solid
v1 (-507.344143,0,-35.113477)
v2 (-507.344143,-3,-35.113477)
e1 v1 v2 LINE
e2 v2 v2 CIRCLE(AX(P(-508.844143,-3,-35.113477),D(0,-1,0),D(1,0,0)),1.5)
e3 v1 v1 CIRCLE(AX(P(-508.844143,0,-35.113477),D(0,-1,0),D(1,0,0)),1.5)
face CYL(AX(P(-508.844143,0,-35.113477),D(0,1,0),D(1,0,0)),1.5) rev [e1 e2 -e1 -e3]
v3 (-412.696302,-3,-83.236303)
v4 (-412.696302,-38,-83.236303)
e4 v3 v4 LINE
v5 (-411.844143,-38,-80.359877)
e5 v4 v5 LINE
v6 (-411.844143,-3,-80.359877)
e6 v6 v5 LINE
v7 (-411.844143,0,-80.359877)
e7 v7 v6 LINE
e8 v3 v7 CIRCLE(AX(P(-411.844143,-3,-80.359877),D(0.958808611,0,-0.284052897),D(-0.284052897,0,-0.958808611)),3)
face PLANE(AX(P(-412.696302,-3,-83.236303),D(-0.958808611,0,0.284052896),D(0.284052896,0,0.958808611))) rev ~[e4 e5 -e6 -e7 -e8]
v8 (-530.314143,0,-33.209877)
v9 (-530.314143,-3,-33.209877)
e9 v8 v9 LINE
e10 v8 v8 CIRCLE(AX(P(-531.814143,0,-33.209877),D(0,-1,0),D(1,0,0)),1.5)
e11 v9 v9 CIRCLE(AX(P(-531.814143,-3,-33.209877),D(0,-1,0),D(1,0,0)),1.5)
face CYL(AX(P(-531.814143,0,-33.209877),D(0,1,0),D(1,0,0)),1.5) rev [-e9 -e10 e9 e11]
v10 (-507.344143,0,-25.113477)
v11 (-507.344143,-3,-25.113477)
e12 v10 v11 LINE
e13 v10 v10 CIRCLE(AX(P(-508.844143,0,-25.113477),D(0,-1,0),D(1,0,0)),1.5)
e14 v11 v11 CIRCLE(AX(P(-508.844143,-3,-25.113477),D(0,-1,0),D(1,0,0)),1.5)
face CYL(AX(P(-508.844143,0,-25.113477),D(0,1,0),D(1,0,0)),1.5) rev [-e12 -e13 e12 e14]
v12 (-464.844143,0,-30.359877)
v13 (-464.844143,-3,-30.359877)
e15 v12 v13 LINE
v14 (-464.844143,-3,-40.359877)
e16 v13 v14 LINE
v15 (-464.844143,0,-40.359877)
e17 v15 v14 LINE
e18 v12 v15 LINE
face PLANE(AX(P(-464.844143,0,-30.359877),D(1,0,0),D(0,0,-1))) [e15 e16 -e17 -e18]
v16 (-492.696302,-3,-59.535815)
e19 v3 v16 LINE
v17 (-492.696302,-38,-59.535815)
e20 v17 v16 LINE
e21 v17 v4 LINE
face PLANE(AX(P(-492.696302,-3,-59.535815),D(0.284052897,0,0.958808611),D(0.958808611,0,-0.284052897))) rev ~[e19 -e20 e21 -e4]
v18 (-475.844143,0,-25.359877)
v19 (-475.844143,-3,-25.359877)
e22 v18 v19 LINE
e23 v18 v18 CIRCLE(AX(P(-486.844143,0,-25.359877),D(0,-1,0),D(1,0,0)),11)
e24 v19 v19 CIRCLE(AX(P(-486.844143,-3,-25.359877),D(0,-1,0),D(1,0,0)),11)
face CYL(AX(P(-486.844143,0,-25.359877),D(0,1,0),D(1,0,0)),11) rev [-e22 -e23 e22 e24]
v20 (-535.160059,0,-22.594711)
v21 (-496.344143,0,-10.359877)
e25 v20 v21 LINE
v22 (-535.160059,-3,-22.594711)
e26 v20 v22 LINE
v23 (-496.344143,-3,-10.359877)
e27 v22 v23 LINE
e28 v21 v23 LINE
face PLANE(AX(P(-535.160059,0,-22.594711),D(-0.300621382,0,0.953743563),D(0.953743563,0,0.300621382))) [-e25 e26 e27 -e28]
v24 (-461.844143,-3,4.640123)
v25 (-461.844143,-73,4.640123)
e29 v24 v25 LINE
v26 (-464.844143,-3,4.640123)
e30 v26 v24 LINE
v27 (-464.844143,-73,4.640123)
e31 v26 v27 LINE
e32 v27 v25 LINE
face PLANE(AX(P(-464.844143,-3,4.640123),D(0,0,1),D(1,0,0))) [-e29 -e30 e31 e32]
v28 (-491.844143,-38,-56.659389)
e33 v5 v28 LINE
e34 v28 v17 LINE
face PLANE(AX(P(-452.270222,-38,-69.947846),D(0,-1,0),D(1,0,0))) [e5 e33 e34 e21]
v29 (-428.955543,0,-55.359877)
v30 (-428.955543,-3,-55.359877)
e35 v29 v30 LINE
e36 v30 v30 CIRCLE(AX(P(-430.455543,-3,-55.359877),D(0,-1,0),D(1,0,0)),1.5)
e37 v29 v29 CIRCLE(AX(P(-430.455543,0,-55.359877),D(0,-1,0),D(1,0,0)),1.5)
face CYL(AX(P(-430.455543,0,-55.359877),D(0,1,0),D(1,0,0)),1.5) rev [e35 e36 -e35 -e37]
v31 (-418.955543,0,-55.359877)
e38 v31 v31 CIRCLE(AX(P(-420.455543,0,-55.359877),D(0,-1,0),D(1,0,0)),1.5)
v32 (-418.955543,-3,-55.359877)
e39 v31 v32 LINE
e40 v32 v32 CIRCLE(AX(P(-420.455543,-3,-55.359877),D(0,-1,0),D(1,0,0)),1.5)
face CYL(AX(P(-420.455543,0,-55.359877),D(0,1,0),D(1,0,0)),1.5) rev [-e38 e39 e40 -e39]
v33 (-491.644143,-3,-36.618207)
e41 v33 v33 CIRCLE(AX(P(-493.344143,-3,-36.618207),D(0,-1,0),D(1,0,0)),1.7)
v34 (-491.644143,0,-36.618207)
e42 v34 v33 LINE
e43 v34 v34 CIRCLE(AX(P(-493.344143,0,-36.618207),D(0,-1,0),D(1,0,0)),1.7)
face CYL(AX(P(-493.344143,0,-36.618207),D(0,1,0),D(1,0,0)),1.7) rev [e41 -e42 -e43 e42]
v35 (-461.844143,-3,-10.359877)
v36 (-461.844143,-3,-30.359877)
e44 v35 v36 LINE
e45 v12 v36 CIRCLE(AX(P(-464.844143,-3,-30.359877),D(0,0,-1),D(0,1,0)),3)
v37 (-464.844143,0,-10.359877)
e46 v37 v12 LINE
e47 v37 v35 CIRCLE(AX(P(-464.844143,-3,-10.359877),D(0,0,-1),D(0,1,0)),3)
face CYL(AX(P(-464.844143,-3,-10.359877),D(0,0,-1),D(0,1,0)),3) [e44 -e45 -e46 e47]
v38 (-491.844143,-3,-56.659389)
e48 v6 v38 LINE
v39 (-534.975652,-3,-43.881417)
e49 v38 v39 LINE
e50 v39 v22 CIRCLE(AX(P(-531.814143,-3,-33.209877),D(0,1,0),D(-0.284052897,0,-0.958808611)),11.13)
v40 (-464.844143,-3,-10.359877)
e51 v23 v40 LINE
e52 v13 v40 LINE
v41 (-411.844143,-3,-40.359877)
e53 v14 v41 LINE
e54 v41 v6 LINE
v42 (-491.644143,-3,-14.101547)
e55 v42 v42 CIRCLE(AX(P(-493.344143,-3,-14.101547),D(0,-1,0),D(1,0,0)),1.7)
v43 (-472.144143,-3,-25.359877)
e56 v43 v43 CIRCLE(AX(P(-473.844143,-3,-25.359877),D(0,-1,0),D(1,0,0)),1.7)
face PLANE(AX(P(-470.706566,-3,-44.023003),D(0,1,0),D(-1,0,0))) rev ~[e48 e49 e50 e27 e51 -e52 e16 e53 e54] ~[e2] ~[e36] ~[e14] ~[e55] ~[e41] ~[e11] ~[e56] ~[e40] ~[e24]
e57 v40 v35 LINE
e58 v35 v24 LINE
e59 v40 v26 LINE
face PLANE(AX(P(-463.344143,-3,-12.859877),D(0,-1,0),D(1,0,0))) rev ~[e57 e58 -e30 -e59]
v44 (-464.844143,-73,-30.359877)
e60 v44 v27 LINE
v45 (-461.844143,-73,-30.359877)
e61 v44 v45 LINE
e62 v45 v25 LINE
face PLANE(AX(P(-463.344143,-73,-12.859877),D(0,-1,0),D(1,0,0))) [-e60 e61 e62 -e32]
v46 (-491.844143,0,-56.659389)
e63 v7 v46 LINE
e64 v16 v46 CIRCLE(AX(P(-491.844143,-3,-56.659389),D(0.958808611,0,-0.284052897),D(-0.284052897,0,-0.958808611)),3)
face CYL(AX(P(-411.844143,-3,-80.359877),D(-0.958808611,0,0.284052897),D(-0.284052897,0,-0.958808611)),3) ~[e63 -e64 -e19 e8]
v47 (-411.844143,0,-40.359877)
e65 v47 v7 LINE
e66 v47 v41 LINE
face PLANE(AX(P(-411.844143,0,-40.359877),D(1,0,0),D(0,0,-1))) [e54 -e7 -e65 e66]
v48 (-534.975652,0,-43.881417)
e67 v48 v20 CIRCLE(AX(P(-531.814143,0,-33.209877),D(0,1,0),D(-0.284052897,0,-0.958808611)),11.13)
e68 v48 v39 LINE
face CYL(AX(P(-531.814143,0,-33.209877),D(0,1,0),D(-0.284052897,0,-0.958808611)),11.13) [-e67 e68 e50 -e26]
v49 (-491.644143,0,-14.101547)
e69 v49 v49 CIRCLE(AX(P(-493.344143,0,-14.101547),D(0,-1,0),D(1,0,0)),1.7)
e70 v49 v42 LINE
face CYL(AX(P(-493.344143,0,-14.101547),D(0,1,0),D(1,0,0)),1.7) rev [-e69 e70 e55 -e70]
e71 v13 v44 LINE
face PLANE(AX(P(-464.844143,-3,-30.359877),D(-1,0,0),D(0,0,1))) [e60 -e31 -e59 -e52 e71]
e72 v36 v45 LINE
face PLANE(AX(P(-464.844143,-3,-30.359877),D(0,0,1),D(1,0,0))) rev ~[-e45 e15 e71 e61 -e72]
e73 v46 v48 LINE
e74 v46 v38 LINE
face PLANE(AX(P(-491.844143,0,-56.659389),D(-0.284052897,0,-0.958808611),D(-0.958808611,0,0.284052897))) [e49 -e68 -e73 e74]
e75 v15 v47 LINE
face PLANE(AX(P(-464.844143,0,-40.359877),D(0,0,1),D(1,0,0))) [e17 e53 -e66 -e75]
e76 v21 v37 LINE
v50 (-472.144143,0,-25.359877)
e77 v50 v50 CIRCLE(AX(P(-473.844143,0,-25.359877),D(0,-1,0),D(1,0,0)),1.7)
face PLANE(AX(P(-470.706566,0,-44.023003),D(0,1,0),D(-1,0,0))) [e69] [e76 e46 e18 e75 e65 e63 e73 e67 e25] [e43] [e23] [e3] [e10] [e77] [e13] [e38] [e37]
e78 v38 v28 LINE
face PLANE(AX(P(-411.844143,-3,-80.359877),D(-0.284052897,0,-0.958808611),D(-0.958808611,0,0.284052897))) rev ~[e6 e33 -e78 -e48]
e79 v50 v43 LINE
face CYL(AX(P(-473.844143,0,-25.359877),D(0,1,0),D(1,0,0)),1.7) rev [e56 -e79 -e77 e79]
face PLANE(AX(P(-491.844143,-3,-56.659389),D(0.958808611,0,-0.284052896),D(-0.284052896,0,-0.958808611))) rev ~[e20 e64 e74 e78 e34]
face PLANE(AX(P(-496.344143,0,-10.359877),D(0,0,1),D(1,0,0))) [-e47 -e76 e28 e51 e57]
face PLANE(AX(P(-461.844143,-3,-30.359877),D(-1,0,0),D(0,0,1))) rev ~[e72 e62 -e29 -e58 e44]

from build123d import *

# Parameters (mm, degrees)
ESQUISSE3_R        = 1.5
ESQUISSE3_R_2      = 11
ESQUISSE3_R_3      = 1.7
BOSS_EXTRU_3_DEPTH = 3
ESQUISSE6_W        = 3
ESQUISSE6_H        = 35
BOSS_EXTRU_4_DEPTH = 70
BOSS_EXTRU_5_DEPTH = 35
CONG_1_R           = 3


with BuildPart() as part:
    # Esquisse3 → Boss.-Extru.3 (new body)
    with BuildSketch(Plane.XZ):
        with BuildLine():
            Line((-464.844143116, -40.359876935), (-411.844143116, -40.359876935))
            Line((-411.844143116, -40.359876935), (-411.844143116, -80.359876935))
            Line((-411.844143116, -80.359876935), (-412.696301805, -83.236302767))
            Line((-412.696301805, -83.236302767), (-492.696301805, -59.535815029))
            Line((-492.696301805, -59.535815029), (-491.844143116, -56.659389197))
            Line((-491.844143116, -56.659389197), (-534.975651854, -43.881416773))
            ThreePointArc((-534.975651854, -43.881416773), (-542.943725497, -33.306292776), (-535.160059098, -22.594711075))
            Line((-535.160059098, -22.594711075), (-496.344143116, -10.359876935))
            Line((-496.344143116, -10.359876935), (-461.844143116, -10.359876935))
            Line((-461.844143116, -10.359876935), (-461.844143116, -30.359876935))
            Line((-461.844143116, -30.359876935), (-464.844143116, -30.359876935))
            Line((-464.844143116, -30.359876935), (-464.844143116, -40.359876935))
        make_face()
        with Locations((-531.814143116, -33.209876935)):
            Circle(ESQUISSE3_R, mode=Mode.SUBTRACT)
        with Locations((-508.844143116, -35.113476935)):
            Circle(ESQUISSE3_R, mode=Mode.SUBTRACT)
        with Locations((-508.844143116, -25.113476935)):
            Circle(ESQUISSE3_R, mode=Mode.SUBTRACT)
        with Locations((-486.844143116, -25.359876935)):
            Circle(ESQUISSE3_R_2, mode=Mode.SUBTRACT)
        with Locations((-473.844143116, -25.359876935)):
            Circle(ESQUISSE3_R_3, mode=Mode.SUBTRACT)
        with Locations((-493.344143116, -36.618207185)):
            Circle(ESQUISSE3_R_3, mode=Mode.SUBTRACT)
        with Locations((-493.344143116, -14.101546686)):
            Circle(ESQUISSE3_R_3, mode=Mode.SUBTRACT)
        with Locations((-420.455543116, -55.359876935)):
            Circle(ESQUISSE3_R, mode=Mode.SUBTRACT)
        with Locations((-430.455543116, -55.359876935)):
            Circle(ESQUISSE3_R, mode=Mode.SUBTRACT)
    extrude(amount=BOSS_EXTRU_3_DEPTH)

    # Esquisse6 → Boss.-Extru.4 (add)
    with BuildSketch(Plane.XZ.offset(3)):
        with Locations((-463.344143116, -12.859876935)):
            Rectangle(ESQUISSE6_W, ESQUISSE6_H)
    extrude(amount=BOSS_EXTRU_4_DEPTH)

    # Esquisse9 → Boss.-Extru.5 (add)
    with BuildSketch(Plane.XZ.offset(3)):
        Polygon((-492.696301805, -59.535815029), (-412.696301805, -83.236302767), (-411.844143116, -80.359876935), (-491.844143116, -56.659389197), align=None)
    extrude(amount=BOSS_EXTRU_5_DEPTH)

    # Congé1
    cong_1_edges = [part.edges().sort_by_distance(p)[0] for p in [
        (-452.696301805, 0, -71.386058898),
        (-461.844143116, 0, -20.359876935),
    ]]
    fillet(cong_1_edges, radius=CONG_1_R)


solid = part.part
